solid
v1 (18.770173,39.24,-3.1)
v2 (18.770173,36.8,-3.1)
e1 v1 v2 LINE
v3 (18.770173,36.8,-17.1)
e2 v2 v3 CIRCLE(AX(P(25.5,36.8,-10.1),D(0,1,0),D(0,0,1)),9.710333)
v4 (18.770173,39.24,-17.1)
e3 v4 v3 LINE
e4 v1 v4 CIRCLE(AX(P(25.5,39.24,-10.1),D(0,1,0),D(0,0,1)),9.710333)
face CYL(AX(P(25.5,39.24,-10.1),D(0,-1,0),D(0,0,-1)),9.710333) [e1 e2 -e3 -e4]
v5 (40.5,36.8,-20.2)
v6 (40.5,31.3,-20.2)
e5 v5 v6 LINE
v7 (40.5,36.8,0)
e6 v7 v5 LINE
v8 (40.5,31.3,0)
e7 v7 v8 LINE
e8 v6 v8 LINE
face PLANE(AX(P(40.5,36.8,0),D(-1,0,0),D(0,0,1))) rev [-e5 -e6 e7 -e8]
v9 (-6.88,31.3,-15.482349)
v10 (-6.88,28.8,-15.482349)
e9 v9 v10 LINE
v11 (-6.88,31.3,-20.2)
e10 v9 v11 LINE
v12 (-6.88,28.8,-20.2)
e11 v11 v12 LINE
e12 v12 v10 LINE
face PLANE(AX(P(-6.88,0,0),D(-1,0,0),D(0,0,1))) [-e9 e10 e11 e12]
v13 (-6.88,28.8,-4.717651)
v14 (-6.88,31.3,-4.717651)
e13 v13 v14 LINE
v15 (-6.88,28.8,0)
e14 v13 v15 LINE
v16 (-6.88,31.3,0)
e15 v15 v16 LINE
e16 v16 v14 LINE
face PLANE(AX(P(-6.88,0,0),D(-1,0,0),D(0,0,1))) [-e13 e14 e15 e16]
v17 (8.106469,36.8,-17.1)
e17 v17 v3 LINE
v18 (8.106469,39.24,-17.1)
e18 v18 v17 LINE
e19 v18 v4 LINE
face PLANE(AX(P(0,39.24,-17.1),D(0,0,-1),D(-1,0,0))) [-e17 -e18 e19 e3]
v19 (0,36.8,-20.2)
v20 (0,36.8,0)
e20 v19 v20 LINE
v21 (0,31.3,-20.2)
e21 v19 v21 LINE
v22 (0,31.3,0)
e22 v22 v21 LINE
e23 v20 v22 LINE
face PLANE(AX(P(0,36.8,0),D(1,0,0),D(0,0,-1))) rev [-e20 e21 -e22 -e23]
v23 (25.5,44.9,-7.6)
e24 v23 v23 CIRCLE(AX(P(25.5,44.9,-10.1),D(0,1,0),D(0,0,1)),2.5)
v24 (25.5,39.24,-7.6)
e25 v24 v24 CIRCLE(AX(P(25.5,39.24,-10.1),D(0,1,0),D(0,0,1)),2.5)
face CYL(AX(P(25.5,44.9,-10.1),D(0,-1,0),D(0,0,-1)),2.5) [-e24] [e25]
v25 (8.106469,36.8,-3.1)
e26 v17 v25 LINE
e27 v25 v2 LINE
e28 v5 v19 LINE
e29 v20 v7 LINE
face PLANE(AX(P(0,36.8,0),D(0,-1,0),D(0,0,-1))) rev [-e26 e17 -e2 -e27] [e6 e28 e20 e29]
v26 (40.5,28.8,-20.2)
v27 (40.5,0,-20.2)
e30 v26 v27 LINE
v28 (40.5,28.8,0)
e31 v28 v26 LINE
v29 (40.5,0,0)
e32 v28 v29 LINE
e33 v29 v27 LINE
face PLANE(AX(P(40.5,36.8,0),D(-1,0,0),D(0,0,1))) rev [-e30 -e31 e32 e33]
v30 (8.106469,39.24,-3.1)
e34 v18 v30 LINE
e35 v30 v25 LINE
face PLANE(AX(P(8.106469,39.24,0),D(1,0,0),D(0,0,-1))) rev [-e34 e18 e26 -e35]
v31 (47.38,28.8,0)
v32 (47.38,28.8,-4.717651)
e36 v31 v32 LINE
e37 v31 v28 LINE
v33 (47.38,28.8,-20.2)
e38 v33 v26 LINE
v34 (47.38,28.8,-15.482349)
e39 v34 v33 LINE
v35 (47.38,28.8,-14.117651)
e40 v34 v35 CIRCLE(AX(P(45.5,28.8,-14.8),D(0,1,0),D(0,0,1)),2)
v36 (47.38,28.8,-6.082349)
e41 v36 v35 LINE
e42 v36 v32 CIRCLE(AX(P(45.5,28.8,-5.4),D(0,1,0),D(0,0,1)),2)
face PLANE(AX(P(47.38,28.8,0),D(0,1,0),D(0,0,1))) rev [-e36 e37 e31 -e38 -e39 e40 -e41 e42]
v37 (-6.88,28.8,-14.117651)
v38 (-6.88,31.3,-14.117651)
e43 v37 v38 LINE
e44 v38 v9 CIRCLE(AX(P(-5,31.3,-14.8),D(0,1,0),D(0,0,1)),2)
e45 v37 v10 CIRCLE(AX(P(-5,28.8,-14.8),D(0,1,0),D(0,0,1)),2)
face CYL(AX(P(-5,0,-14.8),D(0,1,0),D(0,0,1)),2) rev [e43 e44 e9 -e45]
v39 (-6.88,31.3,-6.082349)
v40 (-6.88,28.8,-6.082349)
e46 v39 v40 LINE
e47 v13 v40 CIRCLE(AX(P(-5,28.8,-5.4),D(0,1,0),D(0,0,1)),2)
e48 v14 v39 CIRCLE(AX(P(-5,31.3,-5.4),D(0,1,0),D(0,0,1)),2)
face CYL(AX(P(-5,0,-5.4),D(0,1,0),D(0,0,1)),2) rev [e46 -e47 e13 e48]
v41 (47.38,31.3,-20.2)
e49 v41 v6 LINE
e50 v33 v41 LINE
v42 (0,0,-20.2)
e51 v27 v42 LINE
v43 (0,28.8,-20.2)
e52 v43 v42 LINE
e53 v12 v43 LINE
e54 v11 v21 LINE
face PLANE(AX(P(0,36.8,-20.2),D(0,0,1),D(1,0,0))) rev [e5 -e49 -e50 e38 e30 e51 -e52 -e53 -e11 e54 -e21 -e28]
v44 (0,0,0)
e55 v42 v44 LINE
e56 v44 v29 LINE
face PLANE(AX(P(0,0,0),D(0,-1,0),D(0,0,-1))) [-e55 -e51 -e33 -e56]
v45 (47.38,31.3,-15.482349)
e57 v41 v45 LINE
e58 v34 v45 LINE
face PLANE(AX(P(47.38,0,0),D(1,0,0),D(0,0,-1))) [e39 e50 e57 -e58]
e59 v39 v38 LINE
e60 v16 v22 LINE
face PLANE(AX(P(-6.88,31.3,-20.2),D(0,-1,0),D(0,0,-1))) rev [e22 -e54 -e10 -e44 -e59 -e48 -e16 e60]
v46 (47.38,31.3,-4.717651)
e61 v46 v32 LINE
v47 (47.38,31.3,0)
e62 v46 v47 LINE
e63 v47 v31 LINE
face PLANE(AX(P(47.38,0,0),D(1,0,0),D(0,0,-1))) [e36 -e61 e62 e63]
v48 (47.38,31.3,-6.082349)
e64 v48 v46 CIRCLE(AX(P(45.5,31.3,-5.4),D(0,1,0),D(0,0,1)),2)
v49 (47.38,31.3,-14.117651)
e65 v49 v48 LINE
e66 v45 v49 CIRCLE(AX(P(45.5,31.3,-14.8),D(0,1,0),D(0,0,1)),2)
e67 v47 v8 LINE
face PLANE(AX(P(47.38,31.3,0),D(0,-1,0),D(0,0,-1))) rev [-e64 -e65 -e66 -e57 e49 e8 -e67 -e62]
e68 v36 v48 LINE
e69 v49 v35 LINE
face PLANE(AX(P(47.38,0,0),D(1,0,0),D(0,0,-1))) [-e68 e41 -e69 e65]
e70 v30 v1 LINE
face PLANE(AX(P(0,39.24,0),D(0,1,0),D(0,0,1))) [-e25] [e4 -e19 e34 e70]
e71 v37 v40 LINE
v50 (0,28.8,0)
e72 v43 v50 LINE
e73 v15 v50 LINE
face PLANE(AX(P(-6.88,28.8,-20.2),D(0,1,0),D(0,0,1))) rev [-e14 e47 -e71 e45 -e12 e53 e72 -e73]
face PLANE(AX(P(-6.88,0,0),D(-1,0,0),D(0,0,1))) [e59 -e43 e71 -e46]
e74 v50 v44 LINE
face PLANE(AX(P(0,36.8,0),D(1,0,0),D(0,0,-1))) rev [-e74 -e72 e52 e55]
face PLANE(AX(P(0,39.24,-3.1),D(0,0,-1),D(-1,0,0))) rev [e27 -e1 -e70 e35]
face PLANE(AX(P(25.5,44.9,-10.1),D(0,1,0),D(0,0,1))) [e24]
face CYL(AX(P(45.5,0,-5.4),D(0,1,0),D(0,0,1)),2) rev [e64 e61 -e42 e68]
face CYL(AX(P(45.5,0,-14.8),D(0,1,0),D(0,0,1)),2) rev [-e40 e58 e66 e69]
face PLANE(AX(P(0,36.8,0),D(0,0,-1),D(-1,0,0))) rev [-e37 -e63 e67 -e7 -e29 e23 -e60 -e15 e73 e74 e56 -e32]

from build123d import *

# Parameters (mm, degrees)
CROQUIS1_W              = 40.5
CROQUIS1_H              = 20.2
SALIENTE_EXTRUIR1_DEPTH = 36.8
CROQUIS2_R              = 9.710333118
SALIENTE_EXTRUIR2_DEPTH = 2.44
CROQUIS3_R              = 2.5
SALIENTE_EXTRUIR3_DEPTH = 5.66
CROQUIS4_W              = 20.2
CROQUIS4_H              = 2.5
SALIENTE_EXTRUIR4_DEPTH = 6.88
CROQUIS5_W              = 20.2
CROQUIS5_H              = 2.5
SALIENTE_EXTRUIR5_DEPTH = 6.88
CORTAR_EXTRUIR1_DEPTH   = 32.3


with BuildPart() as part:
    # Croquis1 → Saliente-Extruir1 (new body)
    with BuildSketch(Plane(origin=(0, 0, 0), x_dir=(1, 0, 0), z_dir=(0, 1, 0))):
        with Locations((20.25, 10.1)):
            Rectangle(CROQUIS1_W, CROQUIS1_H)
    extrude(amount=SALIENTE_EXTRUIR1_DEPTH)

    # Croquis2 → Saliente-Extruir2 (add)
    with BuildSketch(Plane(origin=(0, 36.8, 0), x_dir=(1, 0, 0), z_dir=(0, 1, 0))):
        with Locations((25.5, 10.1)):
            Circle(CROQUIS2_R)
        with BuildLine():
            Line((18.770173162, 17.1), (8.106469176, 17.1))
            Line((8.106469176, 17.1), (8.106469176, 3.1))
            Line((8.106469176, 3.1), (18.770173162, 3.1))
            ThreePointArc((18.770173162, 3.1), (15.789666882, 10.1), (18.770173162, 17.1))
        make_face()
    extrude(amount=SALIENTE_EXTRUIR2_DEPTH)

    # Croquis3 → Saliente-Extruir3 (add)
    with BuildSketch(Plane(origin=(0, 39.24, 0), x_dir=(1, 0, 0), z_dir=(0, 1, 0))):
        with Locations((25.5, 10.1)):
            Circle(CROQUIS3_R)
    extrude(amount=SALIENTE_EXTRUIR3_DEPTH)

    # Croquis4 → Saliente-Extruir4 (add)
    with BuildSketch(Plane.ZY):
        with Locations((-10.1, 30.05)):
            Rectangle(CROQUIS4_W, CROQUIS4_H)
    extrude(amount=SALIENTE_EXTRUIR4_DEPTH)

    # Croquis5 → Saliente-Extruir5 (add)
    with BuildSketch(Plane(origin=(40.5, 0, 0), x_dir=(0, 0, -1), z_dir=(1, 0, 0))):
        with Locations((10.1, 30.05)):
            Rectangle(CROQUIS5_W, CROQUIS5_H)
    extrude(amount=SALIENTE_EXTRUIR5_DEPTH)

    # Croquis6 → Cortar-Extruir1 (cut, through all)
    with BuildSketch(Plane(origin=(0, 31.3, 0), x_dir=(1, 0, 0), z_dir=(0, 1, 0))):
        with BuildLine():
            ThreePointArc((-6.88, 4.717651116), (-3, 5.4), (-6.88, 6.082348884))
            Line((-6.88, 6.082348884), (-6.88, 4.717651116))
        make_face()
        with BuildLine():
            ThreePointArc((-6.88, 14.117651116), (-3, 14.8), (-6.88, 15.482348884))
            Line((-6.88, 15.482348884), (-6.88, 14.117651116))
        make_face()
        with BuildLine():
            Line((47.38, 14.117651116), (47.38, 15.482348884))
            ThreePointArc((47.38, 15.482348884), (43.5, 14.8), (47.38, 14.117651116))
        make_face()
        with BuildLine():
            Line((47.38, 4.717651116), (47.38, 6.082348884))
            ThreePointArc((47.38, 6.082348884), (43.5, 5.4), (47.38, 4.717651116))
        make_face()
    extrude(amount=-CORTAR_EXTRUIR1_DEPTH, mode=Mode.SUBTRACT)


solid = part.part
